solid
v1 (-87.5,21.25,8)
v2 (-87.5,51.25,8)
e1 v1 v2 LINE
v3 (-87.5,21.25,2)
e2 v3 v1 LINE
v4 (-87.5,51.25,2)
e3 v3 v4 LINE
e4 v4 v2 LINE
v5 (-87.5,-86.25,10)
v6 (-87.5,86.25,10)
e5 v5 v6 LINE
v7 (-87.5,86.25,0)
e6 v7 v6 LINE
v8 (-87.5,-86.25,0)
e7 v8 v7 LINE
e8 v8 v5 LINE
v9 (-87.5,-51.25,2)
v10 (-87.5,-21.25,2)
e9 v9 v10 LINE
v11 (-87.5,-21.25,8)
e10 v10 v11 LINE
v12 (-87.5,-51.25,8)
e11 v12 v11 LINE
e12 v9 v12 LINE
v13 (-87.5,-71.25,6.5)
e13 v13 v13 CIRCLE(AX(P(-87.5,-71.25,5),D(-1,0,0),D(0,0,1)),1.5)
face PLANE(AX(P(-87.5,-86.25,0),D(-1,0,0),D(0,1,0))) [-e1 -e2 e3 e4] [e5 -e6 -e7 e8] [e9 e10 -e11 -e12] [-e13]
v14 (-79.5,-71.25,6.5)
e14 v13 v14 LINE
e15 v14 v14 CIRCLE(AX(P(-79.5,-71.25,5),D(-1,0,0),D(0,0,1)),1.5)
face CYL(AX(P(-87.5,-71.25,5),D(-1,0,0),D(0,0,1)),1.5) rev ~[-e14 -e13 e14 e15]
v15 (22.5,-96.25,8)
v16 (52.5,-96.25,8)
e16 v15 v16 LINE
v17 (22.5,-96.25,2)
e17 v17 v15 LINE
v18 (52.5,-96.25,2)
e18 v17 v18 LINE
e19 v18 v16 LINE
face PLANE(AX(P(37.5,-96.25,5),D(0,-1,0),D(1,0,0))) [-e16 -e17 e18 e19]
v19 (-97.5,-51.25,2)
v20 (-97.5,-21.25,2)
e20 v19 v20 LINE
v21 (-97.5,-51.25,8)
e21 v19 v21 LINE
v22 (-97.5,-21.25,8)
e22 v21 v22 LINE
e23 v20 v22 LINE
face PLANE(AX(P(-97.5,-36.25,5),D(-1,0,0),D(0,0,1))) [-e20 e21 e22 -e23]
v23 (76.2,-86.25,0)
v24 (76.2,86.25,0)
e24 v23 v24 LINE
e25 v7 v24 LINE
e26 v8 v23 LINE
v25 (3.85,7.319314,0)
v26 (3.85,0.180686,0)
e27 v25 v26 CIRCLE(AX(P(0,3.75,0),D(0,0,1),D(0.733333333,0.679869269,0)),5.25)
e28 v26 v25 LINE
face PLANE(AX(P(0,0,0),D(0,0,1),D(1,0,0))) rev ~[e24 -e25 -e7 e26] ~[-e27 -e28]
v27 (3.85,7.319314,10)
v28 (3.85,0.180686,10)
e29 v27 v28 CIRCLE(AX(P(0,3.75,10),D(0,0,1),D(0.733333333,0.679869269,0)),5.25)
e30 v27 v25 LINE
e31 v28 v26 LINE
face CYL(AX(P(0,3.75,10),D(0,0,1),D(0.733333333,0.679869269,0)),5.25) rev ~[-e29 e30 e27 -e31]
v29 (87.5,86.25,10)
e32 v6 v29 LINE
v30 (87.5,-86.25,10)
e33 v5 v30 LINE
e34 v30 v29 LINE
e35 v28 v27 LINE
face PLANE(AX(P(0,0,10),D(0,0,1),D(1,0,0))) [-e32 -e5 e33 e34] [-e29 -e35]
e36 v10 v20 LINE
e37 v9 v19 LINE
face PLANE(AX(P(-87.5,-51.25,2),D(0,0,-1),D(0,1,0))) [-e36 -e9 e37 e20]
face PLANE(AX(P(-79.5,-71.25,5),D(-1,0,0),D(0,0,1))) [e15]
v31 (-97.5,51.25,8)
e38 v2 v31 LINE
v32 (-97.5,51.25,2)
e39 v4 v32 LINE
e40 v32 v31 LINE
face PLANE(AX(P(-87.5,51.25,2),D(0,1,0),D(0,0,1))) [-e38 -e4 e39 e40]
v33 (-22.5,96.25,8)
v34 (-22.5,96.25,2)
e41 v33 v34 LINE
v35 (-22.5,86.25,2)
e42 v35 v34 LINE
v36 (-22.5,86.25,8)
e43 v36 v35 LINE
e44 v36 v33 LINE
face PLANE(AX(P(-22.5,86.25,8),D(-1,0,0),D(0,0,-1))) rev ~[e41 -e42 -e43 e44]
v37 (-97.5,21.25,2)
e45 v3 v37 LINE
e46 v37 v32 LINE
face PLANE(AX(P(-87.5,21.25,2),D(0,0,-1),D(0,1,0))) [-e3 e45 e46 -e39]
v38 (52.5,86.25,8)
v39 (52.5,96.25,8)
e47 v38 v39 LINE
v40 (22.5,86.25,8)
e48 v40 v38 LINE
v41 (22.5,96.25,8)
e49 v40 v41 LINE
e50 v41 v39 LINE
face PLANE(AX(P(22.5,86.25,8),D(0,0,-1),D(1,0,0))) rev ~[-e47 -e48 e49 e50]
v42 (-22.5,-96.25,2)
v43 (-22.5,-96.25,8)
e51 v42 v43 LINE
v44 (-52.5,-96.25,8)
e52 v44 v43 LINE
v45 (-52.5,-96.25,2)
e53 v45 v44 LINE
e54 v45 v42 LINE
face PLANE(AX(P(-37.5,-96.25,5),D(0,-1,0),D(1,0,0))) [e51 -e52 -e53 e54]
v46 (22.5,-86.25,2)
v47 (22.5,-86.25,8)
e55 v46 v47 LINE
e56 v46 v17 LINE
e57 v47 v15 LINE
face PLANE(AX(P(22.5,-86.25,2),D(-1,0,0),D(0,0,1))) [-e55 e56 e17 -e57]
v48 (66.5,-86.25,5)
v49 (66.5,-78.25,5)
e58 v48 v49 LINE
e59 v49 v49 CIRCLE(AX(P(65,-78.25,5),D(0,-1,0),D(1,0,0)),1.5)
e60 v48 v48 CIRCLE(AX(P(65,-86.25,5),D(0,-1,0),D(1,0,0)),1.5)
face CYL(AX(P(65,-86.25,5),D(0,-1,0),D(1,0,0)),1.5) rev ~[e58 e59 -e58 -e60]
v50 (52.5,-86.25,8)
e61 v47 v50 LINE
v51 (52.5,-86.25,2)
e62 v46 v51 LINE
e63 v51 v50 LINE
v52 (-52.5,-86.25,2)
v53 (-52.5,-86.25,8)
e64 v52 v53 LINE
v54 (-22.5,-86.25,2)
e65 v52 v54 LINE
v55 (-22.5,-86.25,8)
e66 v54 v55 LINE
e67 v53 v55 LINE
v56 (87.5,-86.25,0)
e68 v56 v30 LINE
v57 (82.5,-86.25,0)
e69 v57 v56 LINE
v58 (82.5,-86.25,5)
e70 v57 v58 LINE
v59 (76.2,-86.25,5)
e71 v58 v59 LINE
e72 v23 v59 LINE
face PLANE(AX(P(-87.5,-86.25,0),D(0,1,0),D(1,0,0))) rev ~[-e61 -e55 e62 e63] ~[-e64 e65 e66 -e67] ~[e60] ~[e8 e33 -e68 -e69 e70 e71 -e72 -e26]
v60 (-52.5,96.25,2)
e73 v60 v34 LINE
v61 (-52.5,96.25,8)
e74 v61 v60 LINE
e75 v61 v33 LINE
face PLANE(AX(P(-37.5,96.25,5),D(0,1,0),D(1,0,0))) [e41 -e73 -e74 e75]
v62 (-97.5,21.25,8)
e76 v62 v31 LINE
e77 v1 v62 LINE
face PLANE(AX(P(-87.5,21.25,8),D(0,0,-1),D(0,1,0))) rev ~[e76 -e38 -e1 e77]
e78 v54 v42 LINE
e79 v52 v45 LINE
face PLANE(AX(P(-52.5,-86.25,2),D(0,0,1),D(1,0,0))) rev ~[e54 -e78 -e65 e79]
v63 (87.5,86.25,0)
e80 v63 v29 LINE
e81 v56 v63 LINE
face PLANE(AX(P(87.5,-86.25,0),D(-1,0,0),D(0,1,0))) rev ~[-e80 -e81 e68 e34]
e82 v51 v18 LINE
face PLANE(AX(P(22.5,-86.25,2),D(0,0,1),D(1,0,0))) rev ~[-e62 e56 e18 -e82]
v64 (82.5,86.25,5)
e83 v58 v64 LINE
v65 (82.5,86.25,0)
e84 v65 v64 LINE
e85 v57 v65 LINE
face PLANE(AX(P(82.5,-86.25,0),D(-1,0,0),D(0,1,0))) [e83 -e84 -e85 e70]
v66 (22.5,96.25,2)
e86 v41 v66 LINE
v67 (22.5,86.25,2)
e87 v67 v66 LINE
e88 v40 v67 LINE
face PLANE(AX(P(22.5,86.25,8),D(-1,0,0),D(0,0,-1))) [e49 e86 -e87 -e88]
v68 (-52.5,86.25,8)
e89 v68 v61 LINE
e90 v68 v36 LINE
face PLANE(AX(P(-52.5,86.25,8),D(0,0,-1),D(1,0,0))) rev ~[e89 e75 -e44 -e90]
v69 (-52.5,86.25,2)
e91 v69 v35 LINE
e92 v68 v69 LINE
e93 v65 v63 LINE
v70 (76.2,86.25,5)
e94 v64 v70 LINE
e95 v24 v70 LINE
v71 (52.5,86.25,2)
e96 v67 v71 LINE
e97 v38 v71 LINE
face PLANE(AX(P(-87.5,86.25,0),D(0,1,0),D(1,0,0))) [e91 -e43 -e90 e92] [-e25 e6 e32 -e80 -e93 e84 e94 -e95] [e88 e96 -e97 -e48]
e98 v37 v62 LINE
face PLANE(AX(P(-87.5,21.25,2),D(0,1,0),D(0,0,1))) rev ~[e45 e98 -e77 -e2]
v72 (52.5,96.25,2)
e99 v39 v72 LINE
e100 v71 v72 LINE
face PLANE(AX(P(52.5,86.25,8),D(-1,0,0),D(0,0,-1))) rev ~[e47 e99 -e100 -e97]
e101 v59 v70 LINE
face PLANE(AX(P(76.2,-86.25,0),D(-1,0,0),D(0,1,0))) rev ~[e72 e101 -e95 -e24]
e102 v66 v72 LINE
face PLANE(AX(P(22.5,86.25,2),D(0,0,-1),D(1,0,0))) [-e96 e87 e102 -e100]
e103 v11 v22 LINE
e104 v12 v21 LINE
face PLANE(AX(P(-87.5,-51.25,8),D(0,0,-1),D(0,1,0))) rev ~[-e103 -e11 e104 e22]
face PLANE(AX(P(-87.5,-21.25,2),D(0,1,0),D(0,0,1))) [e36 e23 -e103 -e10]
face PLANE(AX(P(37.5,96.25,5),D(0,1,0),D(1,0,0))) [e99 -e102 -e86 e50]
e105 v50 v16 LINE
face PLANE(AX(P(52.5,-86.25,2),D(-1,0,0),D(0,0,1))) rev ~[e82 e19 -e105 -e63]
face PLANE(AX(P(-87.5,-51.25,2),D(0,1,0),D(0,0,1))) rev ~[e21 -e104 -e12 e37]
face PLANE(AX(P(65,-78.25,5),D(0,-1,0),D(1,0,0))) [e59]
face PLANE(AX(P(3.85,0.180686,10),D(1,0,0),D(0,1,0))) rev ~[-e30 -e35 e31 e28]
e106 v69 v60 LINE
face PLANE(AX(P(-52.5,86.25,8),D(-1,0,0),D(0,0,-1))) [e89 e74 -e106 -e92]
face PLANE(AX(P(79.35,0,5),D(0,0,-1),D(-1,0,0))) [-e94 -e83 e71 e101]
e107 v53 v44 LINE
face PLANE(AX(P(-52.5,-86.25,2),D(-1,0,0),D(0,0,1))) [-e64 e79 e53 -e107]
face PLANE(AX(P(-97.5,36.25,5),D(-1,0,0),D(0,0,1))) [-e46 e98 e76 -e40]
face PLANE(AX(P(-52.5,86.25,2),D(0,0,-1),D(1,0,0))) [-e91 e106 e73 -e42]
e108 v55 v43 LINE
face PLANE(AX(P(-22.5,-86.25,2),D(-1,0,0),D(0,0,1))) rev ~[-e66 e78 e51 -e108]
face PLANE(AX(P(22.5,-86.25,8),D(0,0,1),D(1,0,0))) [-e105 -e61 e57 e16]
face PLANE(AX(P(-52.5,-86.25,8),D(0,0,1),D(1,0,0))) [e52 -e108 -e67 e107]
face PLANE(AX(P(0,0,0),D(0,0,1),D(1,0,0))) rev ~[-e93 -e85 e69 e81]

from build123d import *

# Parameters (mm, degrees)
ESBO_O1_W                = 175
ESBO_O1_H                = 172.5
RESSALTO_EXTRUS_O1_DEPTH = 10
ESBO_O5_W                = 30
ESBO_O5_H                = 6
RESSALTO_EXTRUS_O5_DEPTH = 10
ESBO_O6_W                = 6
ESBO_O6_H                = 30
RESSALTO_EXTRUS_O6_DEPTH = 10
ESBO_O7_W                = 30
ESBO_O7_H                = 6
RESSALTO_EXTRUS_O7_DEPTH = 10
ESBO_O8_W                = 6.3
ESBO_O8_H                = 172.5
CORTE_EXTRUS_O1_DEPTH    = 5
ESBO_O9_R                = 1.5
CORTE_EXTRUS_O2_DEPTH    = 8
ESBO_O10_R               = 1.5
CORTE_EXTRUS_O3_DEPTH    = 8
CORTE_EXTRUS_O4_DEPTH    = 11


with BuildPart() as part:
    # Esboço1 → Ressalto-extrusão1 (new body)
    with BuildSketch(Plane.XY):
        Rectangle(ESBO_O1_W, ESBO_O1_H)
    extrude(amount=RESSALTO_EXTRUS_O1_DEPTH)

    # Esboço5 → Ressalto-extrusão5 (add)
    with BuildSketch(Plane(origin=(0, 86.25, 0), x_dir=(1, 0, 0), z_dir=(0, 1, 0))):
        with Locations((-37.5, -5)):
            Rectangle(ESBO_O5_W, ESBO_O5_H)
        with Locations((37.5, -5)):
            Rectangle(ESBO_O5_W, ESBO_O5_H)
    extrude(amount=RESSALTO_EXTRUS_O5_DEPTH)

    # Esboço6 → Ressalto-extrusão6 (add)
    with BuildSketch(Plane.ZY.offset(87.5)):
        with Locations((5, 36.25)):
            Rectangle(ESBO_O6_W, ESBO_O6_H)
        with Locations((5, -36.25)):
            Rectangle(ESBO_O6_W, ESBO_O6_H)
    extrude(amount=RESSALTO_EXTRUS_O6_DEPTH)

    # Esboço7 → Ressalto-extrusão7 (add)
    with BuildSketch(Plane.XZ.offset(86.25)):
        with Locations((-37.5, 5)):
            Rectangle(ESBO_O7_W, ESBO_O7_H)
        with Locations((37.5, 5)):
            Rectangle(ESBO_O7_W, ESBO_O7_H)
    extrude(amount=RESSALTO_EXTRUS_O7_DEPTH)

    # Esboço8 → Corte-extrusão1 (cut)
    with BuildSketch(Plane(origin=(0, 0, 0), x_dir=(-1, 0, 0), z_dir=(0, 0, -1))):
        with Locations((-79.35, 0)):
            Rectangle(ESBO_O8_W, ESBO_O8_H)
    extrude(amount=-CORTE_EXTRUS_O1_DEPTH, mode=Mode.SUBTRACT)

    # Esboço9 → Corte-extrusão2 (cut)
    with BuildSketch(Plane.ZY.offset(87.5)):
        with Locations((5, -71.25)):
            Circle(ESBO_O9_R)
    extrude(amount=-CORTE_EXTRUS_O2_DEPTH, mode=Mode.SUBTRACT)

    # Esboço10 → Corte-extrusão3 (cut)
    with BuildSketch(Plane.XZ.offset(86.25)):
        with Locations((65, 5)):
            Circle(ESBO_O10_R)
    extrude(amount=-CORTE_EXTRUS_O3_DEPTH, mode=Mode.SUBTRACT)

    # Esboço11 → Corte-extrusão4 (cut, through all)
    with BuildSketch(Plane.XY.offset(10)):
        with BuildLine():
            ThreePointArc((3.85, 7.31931366), (-5.25, 3.75), (3.85, 0.18068634))
            Line((3.85, 0.18068634), (3.85, 7.31931366))
        make_face()
    extrude(amount=-CORTE_EXTRUS_O4_DEPTH, mode=Mode.SUBTRACT)


solid = part.part
